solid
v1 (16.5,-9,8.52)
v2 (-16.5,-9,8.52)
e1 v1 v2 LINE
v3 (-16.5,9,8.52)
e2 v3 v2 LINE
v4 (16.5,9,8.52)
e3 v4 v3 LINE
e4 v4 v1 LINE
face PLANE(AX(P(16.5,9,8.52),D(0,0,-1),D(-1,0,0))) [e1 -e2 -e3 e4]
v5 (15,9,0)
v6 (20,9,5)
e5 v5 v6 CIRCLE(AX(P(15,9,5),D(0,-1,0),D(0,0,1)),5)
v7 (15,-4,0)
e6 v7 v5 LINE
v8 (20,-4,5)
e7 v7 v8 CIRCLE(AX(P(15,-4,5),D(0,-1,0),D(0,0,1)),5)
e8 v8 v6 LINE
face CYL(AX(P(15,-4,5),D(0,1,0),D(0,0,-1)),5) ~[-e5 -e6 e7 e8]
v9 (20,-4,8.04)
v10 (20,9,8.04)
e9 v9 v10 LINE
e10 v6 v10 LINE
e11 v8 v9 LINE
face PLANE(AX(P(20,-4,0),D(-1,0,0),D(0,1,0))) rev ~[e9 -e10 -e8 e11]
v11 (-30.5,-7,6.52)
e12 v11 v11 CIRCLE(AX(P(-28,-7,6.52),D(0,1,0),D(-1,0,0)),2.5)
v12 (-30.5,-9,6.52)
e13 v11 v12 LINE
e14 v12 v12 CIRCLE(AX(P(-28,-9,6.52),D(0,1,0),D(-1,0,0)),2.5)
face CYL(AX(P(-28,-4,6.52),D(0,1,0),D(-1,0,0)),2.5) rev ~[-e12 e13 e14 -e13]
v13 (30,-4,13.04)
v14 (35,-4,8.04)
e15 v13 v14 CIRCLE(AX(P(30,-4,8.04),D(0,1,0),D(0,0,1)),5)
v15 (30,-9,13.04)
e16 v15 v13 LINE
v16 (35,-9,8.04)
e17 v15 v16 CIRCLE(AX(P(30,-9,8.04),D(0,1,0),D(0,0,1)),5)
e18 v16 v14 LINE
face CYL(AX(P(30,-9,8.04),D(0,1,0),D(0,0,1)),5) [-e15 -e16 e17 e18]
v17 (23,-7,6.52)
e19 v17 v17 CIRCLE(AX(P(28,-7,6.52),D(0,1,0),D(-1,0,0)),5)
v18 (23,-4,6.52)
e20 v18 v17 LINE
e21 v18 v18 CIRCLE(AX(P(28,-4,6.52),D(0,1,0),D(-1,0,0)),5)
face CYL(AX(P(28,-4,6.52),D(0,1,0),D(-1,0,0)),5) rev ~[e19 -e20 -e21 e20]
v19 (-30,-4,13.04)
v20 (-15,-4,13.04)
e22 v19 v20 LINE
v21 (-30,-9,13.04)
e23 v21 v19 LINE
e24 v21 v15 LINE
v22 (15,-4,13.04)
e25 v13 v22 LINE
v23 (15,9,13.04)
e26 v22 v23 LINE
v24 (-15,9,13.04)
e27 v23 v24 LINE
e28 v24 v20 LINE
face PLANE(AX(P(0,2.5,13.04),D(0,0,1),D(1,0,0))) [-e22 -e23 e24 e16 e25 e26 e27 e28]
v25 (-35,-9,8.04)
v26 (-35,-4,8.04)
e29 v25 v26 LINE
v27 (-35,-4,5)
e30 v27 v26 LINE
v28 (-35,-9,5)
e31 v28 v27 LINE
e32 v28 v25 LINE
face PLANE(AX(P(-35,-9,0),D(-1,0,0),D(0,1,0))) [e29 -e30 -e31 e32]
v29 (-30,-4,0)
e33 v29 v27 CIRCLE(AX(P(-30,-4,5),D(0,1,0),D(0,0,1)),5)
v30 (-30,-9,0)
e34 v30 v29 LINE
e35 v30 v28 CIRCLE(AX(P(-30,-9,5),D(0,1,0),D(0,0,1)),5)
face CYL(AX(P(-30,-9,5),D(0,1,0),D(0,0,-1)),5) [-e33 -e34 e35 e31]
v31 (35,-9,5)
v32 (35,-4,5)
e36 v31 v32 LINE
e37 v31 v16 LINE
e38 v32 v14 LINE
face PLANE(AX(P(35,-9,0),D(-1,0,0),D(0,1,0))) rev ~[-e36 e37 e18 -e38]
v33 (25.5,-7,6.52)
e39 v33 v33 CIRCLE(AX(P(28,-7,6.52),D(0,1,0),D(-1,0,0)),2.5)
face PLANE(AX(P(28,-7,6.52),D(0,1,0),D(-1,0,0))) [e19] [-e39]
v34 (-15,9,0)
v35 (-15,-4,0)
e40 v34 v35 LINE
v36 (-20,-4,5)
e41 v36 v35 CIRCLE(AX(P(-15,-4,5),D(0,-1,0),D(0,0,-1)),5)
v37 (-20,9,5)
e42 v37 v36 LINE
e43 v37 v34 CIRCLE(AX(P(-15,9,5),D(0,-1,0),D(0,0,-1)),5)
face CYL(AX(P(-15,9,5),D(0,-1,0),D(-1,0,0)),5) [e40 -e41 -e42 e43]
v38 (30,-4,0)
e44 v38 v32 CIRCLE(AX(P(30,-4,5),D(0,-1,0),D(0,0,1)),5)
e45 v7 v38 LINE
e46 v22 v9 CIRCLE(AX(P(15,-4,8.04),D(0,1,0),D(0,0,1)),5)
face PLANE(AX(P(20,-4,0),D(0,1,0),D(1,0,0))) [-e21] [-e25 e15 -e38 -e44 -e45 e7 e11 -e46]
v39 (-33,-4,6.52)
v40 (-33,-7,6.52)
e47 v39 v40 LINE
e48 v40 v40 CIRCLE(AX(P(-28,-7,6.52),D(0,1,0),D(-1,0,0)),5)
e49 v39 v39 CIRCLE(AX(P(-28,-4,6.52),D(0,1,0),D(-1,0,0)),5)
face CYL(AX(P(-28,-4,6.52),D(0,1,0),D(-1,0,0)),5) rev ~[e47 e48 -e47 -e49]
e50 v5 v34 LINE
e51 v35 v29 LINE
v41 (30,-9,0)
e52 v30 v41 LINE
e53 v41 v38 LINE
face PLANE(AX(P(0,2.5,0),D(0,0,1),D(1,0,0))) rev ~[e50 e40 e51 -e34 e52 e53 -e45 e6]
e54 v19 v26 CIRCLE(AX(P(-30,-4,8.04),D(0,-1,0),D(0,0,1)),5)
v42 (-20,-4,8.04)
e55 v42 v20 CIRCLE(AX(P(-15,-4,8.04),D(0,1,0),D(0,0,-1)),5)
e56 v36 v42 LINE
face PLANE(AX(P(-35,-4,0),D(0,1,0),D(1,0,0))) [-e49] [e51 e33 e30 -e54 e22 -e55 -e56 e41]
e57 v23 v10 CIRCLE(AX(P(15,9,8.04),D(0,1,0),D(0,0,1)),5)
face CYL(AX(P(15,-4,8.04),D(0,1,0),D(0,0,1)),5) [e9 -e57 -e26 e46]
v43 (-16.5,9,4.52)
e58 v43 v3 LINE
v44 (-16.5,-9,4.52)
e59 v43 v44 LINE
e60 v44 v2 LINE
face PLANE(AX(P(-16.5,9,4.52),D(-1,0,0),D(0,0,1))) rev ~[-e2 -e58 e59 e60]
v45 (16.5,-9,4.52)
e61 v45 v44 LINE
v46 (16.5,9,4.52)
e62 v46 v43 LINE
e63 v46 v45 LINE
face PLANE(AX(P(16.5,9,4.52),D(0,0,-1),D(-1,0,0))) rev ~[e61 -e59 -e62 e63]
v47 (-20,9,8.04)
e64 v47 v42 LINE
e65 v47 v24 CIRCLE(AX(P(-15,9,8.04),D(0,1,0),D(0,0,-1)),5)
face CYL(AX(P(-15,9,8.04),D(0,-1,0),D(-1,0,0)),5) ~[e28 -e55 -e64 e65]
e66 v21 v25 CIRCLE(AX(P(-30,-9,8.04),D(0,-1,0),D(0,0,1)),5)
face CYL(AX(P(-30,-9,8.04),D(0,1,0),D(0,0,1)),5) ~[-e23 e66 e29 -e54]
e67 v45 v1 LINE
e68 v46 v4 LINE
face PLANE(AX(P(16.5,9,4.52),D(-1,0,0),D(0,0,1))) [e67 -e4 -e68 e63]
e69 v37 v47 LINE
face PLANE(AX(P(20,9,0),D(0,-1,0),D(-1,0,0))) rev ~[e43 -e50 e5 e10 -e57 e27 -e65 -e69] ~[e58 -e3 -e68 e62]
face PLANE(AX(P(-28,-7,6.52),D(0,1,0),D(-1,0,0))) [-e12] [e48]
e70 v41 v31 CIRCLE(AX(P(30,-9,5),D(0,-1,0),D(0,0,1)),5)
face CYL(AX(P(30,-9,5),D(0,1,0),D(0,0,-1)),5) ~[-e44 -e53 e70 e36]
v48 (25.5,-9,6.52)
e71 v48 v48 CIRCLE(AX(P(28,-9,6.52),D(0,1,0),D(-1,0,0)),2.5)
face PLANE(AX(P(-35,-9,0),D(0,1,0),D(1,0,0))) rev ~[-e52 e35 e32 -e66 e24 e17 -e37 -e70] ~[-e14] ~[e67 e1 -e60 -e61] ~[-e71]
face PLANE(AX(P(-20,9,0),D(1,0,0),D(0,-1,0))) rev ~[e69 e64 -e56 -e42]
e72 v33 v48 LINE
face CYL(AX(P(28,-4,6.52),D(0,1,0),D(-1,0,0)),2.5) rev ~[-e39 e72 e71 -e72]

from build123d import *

# Parameters (mm, degrees)
F0_W     = 33
F0_H     = 13
F0_W_2   = 3.5
F0_H_2   = 5
F0_W_3   = 15
F1_DEPTH = 13.04
F2_W     = 33
F2_H     = 4
F3_DEPTH = 40.6
F4_R     = 2.5
F5_R     = 2.5
F6_DEPTH = 9.9
F4_R_2   = 5
F5_R_2   = 5
F7_DEPTH = 3
F8_R     = 5


with BuildPart() as f1:
    # F0 (on Top) → F1 (new body)
    with BuildSketch(Plane.XY):
        with Locations((0, 2.5)):
            Rectangle(F0_W, F0_H)
        with Locations((-18.25, 2.5)):
            Rectangle(F0_W_2, F0_H)
        Polygon((16.5, -4), (-16.5, -4), (-16.5, -9), (0, -9), (16.5, -9), align=None)
        with Locations((-18.25, -6.5)):
            Rectangle(F0_W_2, F0_H_2)
        with Locations((-27.5, -6.5)):
            Rectangle(F0_W_3, F0_H_2)
        with Locations((18.25, 2.5)):
            Rectangle(F0_W_2, F0_H)
        with Locations((18.25, -6.5)):
            Rectangle(F0_W_2, F0_H_2)
        with Locations((27.5, -6.5)):
            Rectangle(F0_W_3, F0_H_2)
    extrude(amount=F1_DEPTH)

    # F2 (on face) → F3 (cut)
    with BuildSketch(Plane(origin=(0, 9, 0), x_dir=(-1, 0, 0), z_dir=(0, 1, 0))):
        with Locations((0, 6.52)):
            Rectangle(F2_W, F2_H)
    extrude(amount=-F3_DEPTH, mode=Mode.SUBTRACT)

    # F4 (on face) + F5 (on face) → F6 (cut)
    with BuildSketch(Plane(origin=(0, -4, 0), x_dir=(-1, 0, 0), z_dir=(0, 1, 0))):
        with Locations((-28, 6.52)):
            Circle(F4_R)
    with BuildSketch(Plane(origin=(0, -4, 0), x_dir=(-1, 0, 0), z_dir=(0, 1, 0))):
        with Locations((28, 6.52)):
            Circle(F5_R)
    extrude(amount=-F6_DEPTH, mode=Mode.SUBTRACT)

    # F4 (on face) + F5 (on face) → F7 (cut)
    with BuildSketch(Plane(origin=(0, -4, 0), x_dir=(-1, 0, 0), z_dir=(0, 1, 0))):
        with Locations((-28, 6.52)):
            Circle(F4_R_2)
        with Locations((-28, 6.52)):
            Circle(F4_R, mode=Mode.SUBTRACT)
    with BuildSketch(Plane(origin=(0, -4, 0), x_dir=(-1, 0, 0), z_dir=(0, 1, 0))):
        with Locations((28, 6.52)):
            Circle(F5_R_2)
        with Locations((28, 6.52)):
            Circle(F5_R, mode=Mode.SUBTRACT)
    extrude(amount=-F7_DEPTH, mode=Mode.SUBTRACT)

    # F8
    f8_edges = [f1.edges().sort_by_distance(p)[0] for p in [
        (35, -6.5, 13.04),
        (35, -6.5, 0),
        (-35, -6.5, 13.04),
        (-35, -6.5, 0),
        (20, 2.5, 13.04),
        (-20, 2.5, 13.04),
        (-20, 2.5, 0),
        (20, 2.5, 0),
    ]]
    fillet(f8_edges, radius=F8_R)


solid = f1.part
